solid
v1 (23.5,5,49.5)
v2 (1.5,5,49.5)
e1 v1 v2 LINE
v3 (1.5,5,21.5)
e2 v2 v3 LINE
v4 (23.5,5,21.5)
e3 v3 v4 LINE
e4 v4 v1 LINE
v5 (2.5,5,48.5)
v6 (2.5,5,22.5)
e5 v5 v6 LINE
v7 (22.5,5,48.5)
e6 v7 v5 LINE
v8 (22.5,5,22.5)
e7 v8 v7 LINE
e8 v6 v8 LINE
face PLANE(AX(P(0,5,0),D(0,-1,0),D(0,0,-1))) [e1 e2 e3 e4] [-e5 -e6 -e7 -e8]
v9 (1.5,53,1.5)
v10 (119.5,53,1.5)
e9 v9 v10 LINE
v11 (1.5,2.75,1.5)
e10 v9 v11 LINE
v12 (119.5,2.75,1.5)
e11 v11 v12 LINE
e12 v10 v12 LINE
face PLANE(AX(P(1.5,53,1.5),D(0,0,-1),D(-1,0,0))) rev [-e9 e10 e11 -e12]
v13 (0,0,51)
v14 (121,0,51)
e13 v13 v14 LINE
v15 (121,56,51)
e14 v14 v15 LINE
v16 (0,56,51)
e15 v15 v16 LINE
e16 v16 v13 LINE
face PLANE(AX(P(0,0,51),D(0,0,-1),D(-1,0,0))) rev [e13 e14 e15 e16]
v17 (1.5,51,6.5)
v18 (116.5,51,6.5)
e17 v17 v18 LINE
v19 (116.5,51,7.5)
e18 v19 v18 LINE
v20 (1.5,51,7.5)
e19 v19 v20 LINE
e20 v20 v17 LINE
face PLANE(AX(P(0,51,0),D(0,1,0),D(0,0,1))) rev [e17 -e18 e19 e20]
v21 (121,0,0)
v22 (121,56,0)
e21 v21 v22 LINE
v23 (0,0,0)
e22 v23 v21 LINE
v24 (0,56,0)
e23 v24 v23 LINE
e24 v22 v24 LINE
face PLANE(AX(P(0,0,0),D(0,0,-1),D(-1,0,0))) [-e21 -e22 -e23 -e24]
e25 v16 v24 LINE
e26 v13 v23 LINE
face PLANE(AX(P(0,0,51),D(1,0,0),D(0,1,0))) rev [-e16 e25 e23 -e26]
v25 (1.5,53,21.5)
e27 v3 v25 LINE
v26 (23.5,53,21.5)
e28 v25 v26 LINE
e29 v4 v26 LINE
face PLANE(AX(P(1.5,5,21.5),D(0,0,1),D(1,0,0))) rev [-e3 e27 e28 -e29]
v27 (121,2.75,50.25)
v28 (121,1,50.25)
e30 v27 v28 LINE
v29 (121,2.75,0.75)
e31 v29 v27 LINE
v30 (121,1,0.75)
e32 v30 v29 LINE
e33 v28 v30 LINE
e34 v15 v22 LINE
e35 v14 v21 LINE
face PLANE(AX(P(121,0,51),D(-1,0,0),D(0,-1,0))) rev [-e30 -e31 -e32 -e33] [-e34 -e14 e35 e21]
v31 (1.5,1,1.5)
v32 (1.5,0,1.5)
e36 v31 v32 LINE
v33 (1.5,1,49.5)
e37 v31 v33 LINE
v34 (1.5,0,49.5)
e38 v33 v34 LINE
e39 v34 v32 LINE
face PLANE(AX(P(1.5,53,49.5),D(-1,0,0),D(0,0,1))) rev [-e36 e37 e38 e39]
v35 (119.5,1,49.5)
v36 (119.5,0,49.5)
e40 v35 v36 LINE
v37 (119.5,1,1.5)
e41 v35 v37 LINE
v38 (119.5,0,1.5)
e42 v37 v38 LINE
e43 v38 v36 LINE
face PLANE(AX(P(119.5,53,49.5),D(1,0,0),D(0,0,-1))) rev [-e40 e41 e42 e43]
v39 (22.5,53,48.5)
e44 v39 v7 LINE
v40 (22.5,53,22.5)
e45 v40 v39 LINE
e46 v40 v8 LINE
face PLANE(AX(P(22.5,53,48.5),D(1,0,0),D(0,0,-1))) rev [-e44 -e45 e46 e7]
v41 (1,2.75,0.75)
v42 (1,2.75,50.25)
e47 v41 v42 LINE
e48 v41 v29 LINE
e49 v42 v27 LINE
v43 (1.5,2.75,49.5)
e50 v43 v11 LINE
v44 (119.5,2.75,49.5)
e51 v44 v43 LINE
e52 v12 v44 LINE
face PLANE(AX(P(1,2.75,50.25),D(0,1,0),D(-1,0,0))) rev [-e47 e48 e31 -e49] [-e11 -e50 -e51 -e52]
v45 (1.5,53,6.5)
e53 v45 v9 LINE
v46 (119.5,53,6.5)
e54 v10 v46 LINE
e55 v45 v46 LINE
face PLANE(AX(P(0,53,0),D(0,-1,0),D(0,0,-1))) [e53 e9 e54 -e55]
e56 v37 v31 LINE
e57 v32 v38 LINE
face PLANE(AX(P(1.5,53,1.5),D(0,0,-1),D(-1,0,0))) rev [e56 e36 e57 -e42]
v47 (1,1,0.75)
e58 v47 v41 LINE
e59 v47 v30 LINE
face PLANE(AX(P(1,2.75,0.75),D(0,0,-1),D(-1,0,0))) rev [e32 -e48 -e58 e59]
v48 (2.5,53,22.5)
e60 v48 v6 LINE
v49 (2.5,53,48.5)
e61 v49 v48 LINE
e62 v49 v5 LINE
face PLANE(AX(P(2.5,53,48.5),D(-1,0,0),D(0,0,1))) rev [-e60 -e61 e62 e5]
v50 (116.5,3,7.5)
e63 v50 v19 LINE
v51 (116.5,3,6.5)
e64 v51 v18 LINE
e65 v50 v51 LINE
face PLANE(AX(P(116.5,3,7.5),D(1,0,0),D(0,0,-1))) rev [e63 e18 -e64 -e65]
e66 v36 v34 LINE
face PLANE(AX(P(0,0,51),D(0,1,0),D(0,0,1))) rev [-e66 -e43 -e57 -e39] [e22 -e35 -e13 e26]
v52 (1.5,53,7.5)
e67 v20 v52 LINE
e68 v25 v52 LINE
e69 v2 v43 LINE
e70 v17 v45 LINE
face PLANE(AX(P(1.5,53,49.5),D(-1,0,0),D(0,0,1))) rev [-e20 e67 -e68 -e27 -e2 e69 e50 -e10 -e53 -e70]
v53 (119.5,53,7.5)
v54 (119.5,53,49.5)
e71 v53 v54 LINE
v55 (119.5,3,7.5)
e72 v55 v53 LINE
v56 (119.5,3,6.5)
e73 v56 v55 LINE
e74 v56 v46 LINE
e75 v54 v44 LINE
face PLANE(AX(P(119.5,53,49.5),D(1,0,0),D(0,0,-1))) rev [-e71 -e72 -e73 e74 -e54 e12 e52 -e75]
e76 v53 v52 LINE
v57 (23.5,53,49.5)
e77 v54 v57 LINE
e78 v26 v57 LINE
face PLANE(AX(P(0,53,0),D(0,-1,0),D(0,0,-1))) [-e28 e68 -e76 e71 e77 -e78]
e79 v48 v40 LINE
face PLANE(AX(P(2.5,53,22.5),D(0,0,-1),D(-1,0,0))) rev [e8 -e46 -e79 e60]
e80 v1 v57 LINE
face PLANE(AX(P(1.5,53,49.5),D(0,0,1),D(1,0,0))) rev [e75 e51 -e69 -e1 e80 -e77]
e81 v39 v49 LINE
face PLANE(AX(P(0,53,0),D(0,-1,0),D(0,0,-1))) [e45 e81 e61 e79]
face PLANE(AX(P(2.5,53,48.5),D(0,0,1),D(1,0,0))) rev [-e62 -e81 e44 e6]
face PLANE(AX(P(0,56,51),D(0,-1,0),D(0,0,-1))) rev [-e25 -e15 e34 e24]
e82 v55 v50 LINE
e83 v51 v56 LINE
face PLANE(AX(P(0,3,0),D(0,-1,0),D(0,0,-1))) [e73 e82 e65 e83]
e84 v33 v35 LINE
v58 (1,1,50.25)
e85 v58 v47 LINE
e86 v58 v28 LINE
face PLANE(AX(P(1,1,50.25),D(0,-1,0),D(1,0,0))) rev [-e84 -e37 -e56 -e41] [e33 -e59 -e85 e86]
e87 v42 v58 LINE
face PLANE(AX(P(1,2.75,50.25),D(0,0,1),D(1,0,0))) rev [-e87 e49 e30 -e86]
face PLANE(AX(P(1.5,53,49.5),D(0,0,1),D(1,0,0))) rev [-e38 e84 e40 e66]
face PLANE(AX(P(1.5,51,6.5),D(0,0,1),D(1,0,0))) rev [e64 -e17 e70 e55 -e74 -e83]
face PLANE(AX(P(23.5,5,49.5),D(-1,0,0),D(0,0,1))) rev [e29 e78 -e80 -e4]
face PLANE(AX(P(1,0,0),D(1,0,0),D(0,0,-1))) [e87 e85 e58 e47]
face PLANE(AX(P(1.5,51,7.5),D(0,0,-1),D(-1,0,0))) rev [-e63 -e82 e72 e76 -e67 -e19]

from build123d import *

# Parameters (mm, degrees)
SCHIZZO1_W                   = 121
SCHIZZO1_H                   = 56
ESTRUSIONE_ESTRUSIONE4_DEPTH = 51
SCHIZZO6_W                   = 118
SCHIZZO6_H                   = 48
TAGLIO_ESTRUSIONE2_DEPTH     = 53
SCHIZZO7_W                   = 22
SCHIZZO7_H                   = 28
ESTRUSIONE_ESTRUSIONE5_DEPTH = 48
SCHIZZO13_W                  = 20
SCHIZZO13_H                  = 26
TAGLIO_ESTRUSIONE3_DEPTH     = 48
SCHIZZO15_W                  = 118
SCHIZZO15_H                  = 1
ESTRUSIONE_ESTRUSIONE6_DEPTH = 2
SCHIZZO16_W                  = 3
SCHIZZO16_H                  = 1
ESTRUSIONE_ESTRUSIONE7_DEPTH = 48
SCHIZZO17_W                  = 49.5
SCHIZZO17_H                  = 1.75
TAGLIO_ESTRUSIONE4_DEPTH     = 120


with BuildPart() as part:
    # Schizzo1 → Estrusione-Estrusione4 (new body)
    with BuildSketch(Plane.XY):
        with Locations((60.5, 28)):
            Rectangle(SCHIZZO1_W, SCHIZZO1_H)
    extrude(amount=ESTRUSIONE_ESTRUSIONE4_DEPTH)

    # Schizzo6 → Taglio-Estrusione2 (cut)
    with BuildSketch(Plane.XZ):
        with Locations((60.5, 25.5)):
            Rectangle(SCHIZZO6_W, SCHIZZO6_H)
    extrude(amount=-TAGLIO_ESTRUSIONE2_DEPTH, mode=Mode.SUBTRACT)

    # Schizzo7 → Estrusione-Estrusione5 (add)
    with BuildSketch(Plane.XZ.offset(-53)):
        with Locations((12.5, 35.5)):
            Rectangle(SCHIZZO7_W, SCHIZZO7_H)
    extrude(amount=ESTRUSIONE_ESTRUSIONE5_DEPTH)

    # Schizzo13 → Taglio-Estrusione3 (cut)
    with BuildSketch(Plane.XZ.offset(-5)):
        with Locations((12.5, 35.5)):
            Rectangle(SCHIZZO13_W, SCHIZZO13_H)
    extrude(amount=-TAGLIO_ESTRUSIONE3_DEPTH, mode=Mode.SUBTRACT)

    # Schizzo15 → Estrusione-Estrusione6 (add)
    with BuildSketch(Plane.XZ.offset(-53)):
        with Locations((60.5, 7)):
            Rectangle(SCHIZZO15_W, SCHIZZO15_H)
    extrude(amount=ESTRUSIONE_ESTRUSIONE6_DEPTH)

    # Schizzo16 → Estrusione-Estrusione7 (add)
    with BuildSketch(Plane.XZ.offset(-51)):
        with Locations((118, 7)):
            Rectangle(SCHIZZO16_W, SCHIZZO16_H)
    extrude(amount=ESTRUSIONE_ESTRUSIONE7_DEPTH)

    # Schizzo17 → Taglio-Estrusione4 (cut)
    with BuildSketch(Plane(origin=(121, 0, 0), x_dir=(0, 0, -1), z_dir=(1, 0, 0))):
        with Locations((-25.5, 1.875)):
            Rectangle(SCHIZZO17_W, SCHIZZO17_H)
    extrude(amount=-TAGLIO_ESTRUSIONE4_DEPTH, mode=Mode.SUBTRACT)


solid = part.part
